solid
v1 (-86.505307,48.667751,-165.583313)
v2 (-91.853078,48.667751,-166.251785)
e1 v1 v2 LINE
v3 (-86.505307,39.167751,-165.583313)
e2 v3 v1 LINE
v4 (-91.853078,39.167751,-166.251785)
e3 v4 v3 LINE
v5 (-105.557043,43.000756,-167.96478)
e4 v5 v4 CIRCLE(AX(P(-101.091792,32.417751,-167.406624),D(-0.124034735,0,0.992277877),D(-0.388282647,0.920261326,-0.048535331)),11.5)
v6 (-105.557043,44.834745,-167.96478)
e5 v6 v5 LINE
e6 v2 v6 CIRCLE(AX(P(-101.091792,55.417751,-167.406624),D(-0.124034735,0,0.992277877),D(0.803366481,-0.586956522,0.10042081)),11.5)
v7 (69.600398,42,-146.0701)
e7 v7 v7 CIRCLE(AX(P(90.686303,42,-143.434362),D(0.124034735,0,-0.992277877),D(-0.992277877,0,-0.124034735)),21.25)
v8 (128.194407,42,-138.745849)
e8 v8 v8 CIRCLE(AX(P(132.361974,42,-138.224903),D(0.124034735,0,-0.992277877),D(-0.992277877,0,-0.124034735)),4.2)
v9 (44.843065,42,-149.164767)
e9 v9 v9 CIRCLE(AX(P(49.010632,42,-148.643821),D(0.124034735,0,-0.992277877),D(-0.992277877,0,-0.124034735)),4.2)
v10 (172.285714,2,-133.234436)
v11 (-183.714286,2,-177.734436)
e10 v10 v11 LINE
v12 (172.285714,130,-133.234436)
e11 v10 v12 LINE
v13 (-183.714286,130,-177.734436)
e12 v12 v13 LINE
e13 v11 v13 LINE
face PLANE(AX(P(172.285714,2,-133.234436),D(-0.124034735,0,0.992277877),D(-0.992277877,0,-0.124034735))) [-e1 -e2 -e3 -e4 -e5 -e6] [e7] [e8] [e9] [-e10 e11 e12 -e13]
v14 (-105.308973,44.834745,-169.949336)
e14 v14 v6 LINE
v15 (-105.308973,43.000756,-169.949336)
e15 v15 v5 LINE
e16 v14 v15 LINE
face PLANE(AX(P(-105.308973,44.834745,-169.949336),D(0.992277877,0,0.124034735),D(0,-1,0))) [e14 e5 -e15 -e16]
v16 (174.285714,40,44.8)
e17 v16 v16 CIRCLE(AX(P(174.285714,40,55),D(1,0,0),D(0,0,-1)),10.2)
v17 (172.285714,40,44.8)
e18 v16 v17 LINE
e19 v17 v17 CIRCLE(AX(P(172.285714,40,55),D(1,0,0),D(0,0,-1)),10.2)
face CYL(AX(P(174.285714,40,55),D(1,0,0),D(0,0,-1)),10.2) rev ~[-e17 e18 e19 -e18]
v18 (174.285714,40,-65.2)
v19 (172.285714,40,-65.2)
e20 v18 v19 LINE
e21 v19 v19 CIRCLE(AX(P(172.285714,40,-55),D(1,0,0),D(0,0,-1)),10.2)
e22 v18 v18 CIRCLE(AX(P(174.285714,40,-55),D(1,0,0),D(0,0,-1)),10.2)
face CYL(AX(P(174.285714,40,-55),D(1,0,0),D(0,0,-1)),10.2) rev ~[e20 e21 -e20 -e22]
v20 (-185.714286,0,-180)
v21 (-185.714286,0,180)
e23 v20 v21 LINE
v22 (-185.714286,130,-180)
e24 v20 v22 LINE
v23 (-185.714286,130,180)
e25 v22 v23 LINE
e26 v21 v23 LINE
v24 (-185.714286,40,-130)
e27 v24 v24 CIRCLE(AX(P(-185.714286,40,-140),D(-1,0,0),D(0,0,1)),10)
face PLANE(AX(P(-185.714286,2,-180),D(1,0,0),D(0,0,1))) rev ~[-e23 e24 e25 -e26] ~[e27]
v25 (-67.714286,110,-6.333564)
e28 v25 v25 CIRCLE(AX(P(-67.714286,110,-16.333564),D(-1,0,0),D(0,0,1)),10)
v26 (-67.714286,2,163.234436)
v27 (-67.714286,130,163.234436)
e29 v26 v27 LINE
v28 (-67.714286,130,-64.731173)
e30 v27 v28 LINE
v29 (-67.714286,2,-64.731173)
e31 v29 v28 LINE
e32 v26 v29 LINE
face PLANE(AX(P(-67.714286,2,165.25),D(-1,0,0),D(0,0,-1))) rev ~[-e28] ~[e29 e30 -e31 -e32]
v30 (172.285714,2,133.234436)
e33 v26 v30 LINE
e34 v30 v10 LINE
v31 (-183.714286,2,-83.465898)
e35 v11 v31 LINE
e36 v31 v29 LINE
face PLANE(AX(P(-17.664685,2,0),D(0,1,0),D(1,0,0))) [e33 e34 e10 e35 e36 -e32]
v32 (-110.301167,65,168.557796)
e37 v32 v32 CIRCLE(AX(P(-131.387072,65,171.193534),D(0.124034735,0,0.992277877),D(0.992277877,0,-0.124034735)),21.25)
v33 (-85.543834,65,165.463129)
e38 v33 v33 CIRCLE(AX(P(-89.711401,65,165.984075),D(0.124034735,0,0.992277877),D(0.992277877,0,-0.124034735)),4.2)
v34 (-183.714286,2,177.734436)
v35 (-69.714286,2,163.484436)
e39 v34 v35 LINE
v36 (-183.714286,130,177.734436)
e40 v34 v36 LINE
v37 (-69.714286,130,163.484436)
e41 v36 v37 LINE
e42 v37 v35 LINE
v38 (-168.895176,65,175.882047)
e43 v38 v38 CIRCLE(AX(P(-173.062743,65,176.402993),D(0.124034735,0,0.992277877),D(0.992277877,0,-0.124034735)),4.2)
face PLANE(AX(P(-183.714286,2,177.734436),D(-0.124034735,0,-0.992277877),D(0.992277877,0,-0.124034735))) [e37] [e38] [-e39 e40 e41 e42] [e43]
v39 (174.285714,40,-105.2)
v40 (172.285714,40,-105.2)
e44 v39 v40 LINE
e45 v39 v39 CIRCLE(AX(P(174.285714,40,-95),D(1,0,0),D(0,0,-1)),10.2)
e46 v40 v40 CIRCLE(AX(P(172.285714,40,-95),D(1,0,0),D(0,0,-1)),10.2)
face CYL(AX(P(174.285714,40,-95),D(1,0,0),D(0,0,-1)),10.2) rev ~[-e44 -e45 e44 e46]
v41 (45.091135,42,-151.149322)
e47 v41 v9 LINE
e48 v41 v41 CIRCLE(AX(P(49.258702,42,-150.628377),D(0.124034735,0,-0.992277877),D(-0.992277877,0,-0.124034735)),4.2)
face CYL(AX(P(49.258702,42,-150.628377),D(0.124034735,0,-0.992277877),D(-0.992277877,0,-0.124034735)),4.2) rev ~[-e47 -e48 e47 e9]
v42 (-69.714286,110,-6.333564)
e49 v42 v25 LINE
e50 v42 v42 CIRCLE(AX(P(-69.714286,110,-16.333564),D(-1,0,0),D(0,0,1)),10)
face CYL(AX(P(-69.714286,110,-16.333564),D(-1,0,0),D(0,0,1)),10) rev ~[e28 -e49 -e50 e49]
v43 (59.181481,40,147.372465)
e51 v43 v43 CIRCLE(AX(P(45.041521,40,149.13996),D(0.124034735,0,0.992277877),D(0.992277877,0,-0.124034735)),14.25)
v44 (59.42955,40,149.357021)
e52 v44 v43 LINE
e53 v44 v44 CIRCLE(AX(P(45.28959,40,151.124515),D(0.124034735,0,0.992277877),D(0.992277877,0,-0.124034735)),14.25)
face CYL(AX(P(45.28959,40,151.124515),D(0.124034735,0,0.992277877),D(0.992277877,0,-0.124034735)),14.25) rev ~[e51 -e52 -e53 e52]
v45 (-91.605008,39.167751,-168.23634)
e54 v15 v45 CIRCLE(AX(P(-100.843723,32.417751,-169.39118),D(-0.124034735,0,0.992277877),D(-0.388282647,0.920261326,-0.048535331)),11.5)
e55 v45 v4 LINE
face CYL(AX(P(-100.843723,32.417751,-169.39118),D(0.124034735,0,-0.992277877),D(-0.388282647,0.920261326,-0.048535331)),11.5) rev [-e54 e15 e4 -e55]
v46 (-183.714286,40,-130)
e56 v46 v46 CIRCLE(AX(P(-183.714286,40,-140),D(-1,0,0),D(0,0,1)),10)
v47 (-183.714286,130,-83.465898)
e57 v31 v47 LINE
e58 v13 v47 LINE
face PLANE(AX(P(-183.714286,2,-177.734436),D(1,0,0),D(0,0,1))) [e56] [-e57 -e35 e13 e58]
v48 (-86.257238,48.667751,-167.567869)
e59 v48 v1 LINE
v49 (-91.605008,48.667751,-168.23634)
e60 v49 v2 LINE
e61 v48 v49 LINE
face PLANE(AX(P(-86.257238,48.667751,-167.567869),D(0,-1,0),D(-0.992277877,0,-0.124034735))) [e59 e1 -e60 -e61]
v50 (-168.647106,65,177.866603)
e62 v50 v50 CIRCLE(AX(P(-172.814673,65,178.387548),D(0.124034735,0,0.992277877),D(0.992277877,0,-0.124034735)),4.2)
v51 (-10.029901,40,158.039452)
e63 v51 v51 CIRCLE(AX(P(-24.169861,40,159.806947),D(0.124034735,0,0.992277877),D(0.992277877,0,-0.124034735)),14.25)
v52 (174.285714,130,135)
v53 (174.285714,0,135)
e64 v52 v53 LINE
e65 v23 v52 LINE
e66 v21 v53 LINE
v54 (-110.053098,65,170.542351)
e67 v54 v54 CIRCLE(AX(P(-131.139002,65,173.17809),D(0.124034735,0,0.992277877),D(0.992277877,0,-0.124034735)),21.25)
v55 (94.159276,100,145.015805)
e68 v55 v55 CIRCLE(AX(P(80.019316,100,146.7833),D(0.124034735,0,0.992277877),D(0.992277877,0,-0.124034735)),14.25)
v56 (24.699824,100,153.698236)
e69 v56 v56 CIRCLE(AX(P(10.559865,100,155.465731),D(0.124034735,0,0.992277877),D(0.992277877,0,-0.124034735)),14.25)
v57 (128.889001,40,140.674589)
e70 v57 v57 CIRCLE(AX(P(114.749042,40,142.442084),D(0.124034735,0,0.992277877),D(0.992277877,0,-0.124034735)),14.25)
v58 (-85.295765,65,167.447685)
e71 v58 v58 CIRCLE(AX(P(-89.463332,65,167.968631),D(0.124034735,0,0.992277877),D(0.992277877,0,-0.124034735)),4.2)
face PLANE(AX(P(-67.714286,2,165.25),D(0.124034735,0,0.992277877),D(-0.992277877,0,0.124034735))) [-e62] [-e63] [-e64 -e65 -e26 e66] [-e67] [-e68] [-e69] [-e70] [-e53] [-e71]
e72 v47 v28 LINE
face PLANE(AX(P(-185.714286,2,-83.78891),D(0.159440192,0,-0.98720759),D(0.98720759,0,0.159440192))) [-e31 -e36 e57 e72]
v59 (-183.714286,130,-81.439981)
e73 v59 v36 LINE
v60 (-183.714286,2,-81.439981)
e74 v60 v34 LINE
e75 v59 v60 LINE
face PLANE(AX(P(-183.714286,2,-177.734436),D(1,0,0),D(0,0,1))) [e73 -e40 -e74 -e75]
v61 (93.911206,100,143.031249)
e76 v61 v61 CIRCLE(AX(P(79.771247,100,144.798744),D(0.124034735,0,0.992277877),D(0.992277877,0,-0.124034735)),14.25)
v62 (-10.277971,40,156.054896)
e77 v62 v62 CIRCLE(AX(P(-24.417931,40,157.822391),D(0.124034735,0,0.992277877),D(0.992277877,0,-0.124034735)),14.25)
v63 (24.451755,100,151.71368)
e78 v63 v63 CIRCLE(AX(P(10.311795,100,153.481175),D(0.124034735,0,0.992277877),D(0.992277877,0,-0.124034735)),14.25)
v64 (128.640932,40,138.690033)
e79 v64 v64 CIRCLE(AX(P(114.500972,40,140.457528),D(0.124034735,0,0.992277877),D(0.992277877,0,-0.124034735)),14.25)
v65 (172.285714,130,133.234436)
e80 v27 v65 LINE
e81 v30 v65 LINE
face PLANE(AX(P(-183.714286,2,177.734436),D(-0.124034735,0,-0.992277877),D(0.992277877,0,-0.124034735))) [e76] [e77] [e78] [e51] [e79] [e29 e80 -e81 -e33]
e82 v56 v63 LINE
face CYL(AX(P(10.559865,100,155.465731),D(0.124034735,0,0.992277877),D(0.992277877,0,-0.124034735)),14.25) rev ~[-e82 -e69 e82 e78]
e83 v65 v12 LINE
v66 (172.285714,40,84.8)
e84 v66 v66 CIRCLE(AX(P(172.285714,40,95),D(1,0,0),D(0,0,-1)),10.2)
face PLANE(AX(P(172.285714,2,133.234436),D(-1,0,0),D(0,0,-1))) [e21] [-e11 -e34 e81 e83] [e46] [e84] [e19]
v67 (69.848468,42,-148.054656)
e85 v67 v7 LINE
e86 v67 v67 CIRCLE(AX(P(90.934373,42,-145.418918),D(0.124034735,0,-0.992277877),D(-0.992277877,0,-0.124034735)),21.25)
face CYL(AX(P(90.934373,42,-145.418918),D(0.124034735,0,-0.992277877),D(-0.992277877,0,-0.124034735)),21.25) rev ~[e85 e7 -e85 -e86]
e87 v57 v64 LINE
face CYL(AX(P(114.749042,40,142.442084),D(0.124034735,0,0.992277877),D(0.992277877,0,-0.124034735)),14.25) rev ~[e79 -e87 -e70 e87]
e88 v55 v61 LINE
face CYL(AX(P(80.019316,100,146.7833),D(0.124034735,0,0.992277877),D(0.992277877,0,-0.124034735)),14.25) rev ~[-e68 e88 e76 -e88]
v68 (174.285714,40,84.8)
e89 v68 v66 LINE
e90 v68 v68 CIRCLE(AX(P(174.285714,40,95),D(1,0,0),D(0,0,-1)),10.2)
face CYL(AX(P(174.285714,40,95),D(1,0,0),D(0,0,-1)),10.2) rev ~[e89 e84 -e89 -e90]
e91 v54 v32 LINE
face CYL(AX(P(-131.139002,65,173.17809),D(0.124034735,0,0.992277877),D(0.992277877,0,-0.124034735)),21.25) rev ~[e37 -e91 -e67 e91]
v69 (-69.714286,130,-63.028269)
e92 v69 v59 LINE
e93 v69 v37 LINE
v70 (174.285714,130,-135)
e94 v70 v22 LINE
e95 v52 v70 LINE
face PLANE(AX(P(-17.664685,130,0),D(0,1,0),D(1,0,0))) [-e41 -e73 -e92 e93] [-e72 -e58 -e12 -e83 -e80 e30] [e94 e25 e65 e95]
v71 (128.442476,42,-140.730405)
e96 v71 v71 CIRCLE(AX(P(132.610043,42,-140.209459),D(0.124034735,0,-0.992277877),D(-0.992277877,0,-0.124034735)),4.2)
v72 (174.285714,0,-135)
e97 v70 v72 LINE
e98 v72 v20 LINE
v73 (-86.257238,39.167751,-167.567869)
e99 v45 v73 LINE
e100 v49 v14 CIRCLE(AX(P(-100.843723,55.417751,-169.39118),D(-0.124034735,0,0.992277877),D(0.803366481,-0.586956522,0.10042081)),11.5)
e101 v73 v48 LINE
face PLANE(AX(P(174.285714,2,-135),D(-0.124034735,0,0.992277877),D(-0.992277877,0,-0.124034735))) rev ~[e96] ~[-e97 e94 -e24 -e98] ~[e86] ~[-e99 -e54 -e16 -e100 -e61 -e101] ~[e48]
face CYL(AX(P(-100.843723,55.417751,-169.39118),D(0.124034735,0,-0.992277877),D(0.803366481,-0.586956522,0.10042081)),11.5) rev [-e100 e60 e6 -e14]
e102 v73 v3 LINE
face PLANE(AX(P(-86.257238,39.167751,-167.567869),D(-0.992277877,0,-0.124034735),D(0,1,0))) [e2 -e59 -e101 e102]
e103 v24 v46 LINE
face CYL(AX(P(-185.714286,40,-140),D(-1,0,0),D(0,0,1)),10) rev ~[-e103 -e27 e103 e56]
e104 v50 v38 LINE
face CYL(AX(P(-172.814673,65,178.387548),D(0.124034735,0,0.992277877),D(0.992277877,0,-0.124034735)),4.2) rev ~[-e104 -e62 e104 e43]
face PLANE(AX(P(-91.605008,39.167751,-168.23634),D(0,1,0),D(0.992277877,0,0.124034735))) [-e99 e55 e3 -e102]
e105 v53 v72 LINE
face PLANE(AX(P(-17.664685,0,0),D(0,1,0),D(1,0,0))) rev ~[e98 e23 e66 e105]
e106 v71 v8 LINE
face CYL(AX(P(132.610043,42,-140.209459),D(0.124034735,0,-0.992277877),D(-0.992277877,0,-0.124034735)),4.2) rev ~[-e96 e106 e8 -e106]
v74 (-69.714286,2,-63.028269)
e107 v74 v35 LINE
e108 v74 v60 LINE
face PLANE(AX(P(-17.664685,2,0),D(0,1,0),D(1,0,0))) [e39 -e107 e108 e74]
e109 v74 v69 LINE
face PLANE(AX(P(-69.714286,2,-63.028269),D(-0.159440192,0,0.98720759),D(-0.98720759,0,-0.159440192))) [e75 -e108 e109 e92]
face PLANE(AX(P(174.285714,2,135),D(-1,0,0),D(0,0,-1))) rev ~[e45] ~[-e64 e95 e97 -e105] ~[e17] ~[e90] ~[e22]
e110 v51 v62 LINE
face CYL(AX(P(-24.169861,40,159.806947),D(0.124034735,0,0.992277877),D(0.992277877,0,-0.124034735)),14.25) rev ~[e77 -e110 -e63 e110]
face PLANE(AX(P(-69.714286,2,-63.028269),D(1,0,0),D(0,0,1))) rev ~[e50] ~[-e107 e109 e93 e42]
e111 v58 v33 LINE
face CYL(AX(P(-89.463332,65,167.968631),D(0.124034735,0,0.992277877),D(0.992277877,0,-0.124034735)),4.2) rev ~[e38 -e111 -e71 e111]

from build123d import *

# Parameters (mm, degrees)
BOSS_EXTRUDE2_DEPTH = 2
BOSS_EXTRUDE3_DEPTH = 128
BOSS_EXTRUDE4_DEPTH = 128
SKETCH4_R           = 21.25
SKETCH4_R_2         = 4.2
SKETCH4_R_3         = 14.25
CUT_EXTRUDE1_DEPTH  = 2
SKETCH5_R           = 10.2
CUT_EXTRUDE2_DEPTH  = 2
SKETCH6_R           = 21.25
SKETCH6_R_2         = 4.2
CUT_EXTRUDE3_DEPTH  = 2
SKETCH7_R           = 10
CUT_EXTRUDE4_DEPTH  = 2
SKETCH8_R           = 10
CUT_EXTRUDE5_DEPTH  = 2


with BuildPart() as part:
    # Sketch1 → Boss-Extrude2 (new body)
    with BuildSketch(Plane(origin=(0, 0, 0), x_dir=(1, 0, 0), z_dir=(0, 1, 0))):
        Polygon((174.285714286, -135), (174.285714286, 135), (-185.714285714, 180), (-185.714285714, -180), align=None)
    extrude(amount=BOSS_EXTRUDE2_DEPTH)



with BuildPart() as body_2:
    # Sketch2 → Boss-Extrude3 (new body)
    with BuildSketch(Plane(origin=(0, 2, 0), x_dir=(1, 0, 0), z_dir=(0, 1, 0))):
        Polygon((174.285714286, 135), (-185.714285714, 180), (-185.714285714, -180), (174.285714286, -135), align=None)
        Polygon((172.285714286, -133.234435563), (172.285714286, 133.234435563), (-183.714285714, 177.734435563), (-183.714285714, -177.734435563), align=None, mode=Mode.SUBTRACT)
    extrude(amount=BOSS_EXTRUDE3_DEPTH)


with BuildPart() as part_1:
    add(part.part)

    add(body_2.part)  # Boss-Extrude4 merges body 2
    # Sketch3 → Boss-Extrude4 (add)
    with BuildSketch(Plane(origin=(0, 2, 0), x_dir=(1, 0, 0), z_dir=(0, 1, 0))):
        Polygon((-67.714285714, 51.491616474), (-67.714285714, -165.25), (-69.714285714, -165.5), (-69.714285714, 51.491616474), (-69.714285714, 63.028269367), (-185.714285714, 81.762993886), (-185.714285714, 83.78891024), (-67.714285714, 64.731173228), align=None)
    extrude(amount=BOSS_EXTRUDE4_DEPTH)

    # Sketch4 → Cut-Extrude1 (cut)
    with BuildSketch(Plane(origin=(19.296703297, 0, 154.373626374), x_dir=(0.9922778767136677, 0, -0.12403473458920833), z_dir=(0.12403473458920831, 0, 0.9922778767136676))):
        with Locations((-151.60642933, 65)):
            Circle(SKETCH4_R)
        with Locations((-193.60642933, 65)):
            Circle(SKETCH4_R_2)
        with Locations((-109.60642933, 65)):
            Circle(SKETCH4_R_2)
        with Locations((-43.804830657, 40)):
            Circle(SKETCH4_R_3)
        with Locations((26.195169343, 40)):
            Circle(SKETCH4_R_3)
        with Locations((96.195169343, 40)):
            Circle(SKETCH4_R_3)
        with Locations((-8.804830657, 100)):
            Circle(SKETCH4_R_3)
        with Locations((61.195169343, 100)):
            Circle(SKETCH4_R_3)
    extrude(amount=-CUT_EXTRUDE1_DEPTH, mode=Mode.SUBTRACT)

    # Sketch5 → Cut-Extrude2 (cut)
    with BuildSketch(Plane(origin=(174.285714286, 0, 0), x_dir=(0, 0, -1), z_dir=(1, 0, 0))):
        with Locations((-95, 40)):
            Circle(SKETCH5_R)
        with Locations((-55, 40)):
            Circle(SKETCH5_R)
        with Locations((55, 40)):
            Circle(SKETCH5_R)
        with Locations((95, 40)):
            Circle(SKETCH5_R)
    extrude(amount=-CUT_EXTRUDE2_DEPTH, mode=Mode.SUBTRACT)

    # Sketch6 → Cut-Extrude3 (cut)
    with BuildSketch(Plane(origin=(19.296703297, 0, -154.373626374), x_dir=(-0.9922778767136676, 0, -0.12403473458920854), z_dir=(0.12403473458920855, 0, -0.9922778767136677))):
        with Locations((-72.195169343, 42)):
            Circle(SKETCH6_R)
        with Locations((-114.195169343, 42)):
            Circle(SKETCH6_R_2)
        with Locations((-30.195169343, 42)):
            Circle(SKETCH6_R_2)
        with BuildLine():
            Line((106.375385009, 43.91775074), (106.375385009, 48.66775074))
            Line((106.375385009, 48.66775074), (111.764772784, 48.66775074))
            ThreePointArc((111.764772784, 48.66775074), (124.150849168, 66.498884266), (125.575385009, 44.834745496))
            Line((125.575385009, 44.834745496), (125.575385009, 43.000755985))
            ThreePointArc((125.575385009, 43.000755985), (124.150849168, 21.336617215), (111.764772784, 39.16775074))
            Line((111.764772784, 39.16775074), (106.375385009, 39.16775074))
            Line((106.375385009, 39.16775074), (106.375385009, 43.91775074))
        make_face()
    extrude(amount=-CUT_EXTRUDE3_DEPTH, mode=Mode.SUBTRACT)

    # Sketch7 → Cut-Extrude4 (cut)
    with BuildSketch(Plane.ZY.offset(69.714285714)):
        with Locations((-16.333563693, 110)):
            Circle(SKETCH7_R)
    extrude(amount=-CUT_EXTRUDE4_DEPTH, mode=Mode.SUBTRACT)

    # Sketch8 → Cut-Extrude5 (cut)
    with BuildSketch(Plane.ZY.offset(185.714285714)):
        with Locations((-140, 40)):
            Circle(SKETCH8_R)
    extrude(amount=-CUT_EXTRUDE5_DEPTH, mode=Mode.SUBTRACT)


solid = part_1.part
